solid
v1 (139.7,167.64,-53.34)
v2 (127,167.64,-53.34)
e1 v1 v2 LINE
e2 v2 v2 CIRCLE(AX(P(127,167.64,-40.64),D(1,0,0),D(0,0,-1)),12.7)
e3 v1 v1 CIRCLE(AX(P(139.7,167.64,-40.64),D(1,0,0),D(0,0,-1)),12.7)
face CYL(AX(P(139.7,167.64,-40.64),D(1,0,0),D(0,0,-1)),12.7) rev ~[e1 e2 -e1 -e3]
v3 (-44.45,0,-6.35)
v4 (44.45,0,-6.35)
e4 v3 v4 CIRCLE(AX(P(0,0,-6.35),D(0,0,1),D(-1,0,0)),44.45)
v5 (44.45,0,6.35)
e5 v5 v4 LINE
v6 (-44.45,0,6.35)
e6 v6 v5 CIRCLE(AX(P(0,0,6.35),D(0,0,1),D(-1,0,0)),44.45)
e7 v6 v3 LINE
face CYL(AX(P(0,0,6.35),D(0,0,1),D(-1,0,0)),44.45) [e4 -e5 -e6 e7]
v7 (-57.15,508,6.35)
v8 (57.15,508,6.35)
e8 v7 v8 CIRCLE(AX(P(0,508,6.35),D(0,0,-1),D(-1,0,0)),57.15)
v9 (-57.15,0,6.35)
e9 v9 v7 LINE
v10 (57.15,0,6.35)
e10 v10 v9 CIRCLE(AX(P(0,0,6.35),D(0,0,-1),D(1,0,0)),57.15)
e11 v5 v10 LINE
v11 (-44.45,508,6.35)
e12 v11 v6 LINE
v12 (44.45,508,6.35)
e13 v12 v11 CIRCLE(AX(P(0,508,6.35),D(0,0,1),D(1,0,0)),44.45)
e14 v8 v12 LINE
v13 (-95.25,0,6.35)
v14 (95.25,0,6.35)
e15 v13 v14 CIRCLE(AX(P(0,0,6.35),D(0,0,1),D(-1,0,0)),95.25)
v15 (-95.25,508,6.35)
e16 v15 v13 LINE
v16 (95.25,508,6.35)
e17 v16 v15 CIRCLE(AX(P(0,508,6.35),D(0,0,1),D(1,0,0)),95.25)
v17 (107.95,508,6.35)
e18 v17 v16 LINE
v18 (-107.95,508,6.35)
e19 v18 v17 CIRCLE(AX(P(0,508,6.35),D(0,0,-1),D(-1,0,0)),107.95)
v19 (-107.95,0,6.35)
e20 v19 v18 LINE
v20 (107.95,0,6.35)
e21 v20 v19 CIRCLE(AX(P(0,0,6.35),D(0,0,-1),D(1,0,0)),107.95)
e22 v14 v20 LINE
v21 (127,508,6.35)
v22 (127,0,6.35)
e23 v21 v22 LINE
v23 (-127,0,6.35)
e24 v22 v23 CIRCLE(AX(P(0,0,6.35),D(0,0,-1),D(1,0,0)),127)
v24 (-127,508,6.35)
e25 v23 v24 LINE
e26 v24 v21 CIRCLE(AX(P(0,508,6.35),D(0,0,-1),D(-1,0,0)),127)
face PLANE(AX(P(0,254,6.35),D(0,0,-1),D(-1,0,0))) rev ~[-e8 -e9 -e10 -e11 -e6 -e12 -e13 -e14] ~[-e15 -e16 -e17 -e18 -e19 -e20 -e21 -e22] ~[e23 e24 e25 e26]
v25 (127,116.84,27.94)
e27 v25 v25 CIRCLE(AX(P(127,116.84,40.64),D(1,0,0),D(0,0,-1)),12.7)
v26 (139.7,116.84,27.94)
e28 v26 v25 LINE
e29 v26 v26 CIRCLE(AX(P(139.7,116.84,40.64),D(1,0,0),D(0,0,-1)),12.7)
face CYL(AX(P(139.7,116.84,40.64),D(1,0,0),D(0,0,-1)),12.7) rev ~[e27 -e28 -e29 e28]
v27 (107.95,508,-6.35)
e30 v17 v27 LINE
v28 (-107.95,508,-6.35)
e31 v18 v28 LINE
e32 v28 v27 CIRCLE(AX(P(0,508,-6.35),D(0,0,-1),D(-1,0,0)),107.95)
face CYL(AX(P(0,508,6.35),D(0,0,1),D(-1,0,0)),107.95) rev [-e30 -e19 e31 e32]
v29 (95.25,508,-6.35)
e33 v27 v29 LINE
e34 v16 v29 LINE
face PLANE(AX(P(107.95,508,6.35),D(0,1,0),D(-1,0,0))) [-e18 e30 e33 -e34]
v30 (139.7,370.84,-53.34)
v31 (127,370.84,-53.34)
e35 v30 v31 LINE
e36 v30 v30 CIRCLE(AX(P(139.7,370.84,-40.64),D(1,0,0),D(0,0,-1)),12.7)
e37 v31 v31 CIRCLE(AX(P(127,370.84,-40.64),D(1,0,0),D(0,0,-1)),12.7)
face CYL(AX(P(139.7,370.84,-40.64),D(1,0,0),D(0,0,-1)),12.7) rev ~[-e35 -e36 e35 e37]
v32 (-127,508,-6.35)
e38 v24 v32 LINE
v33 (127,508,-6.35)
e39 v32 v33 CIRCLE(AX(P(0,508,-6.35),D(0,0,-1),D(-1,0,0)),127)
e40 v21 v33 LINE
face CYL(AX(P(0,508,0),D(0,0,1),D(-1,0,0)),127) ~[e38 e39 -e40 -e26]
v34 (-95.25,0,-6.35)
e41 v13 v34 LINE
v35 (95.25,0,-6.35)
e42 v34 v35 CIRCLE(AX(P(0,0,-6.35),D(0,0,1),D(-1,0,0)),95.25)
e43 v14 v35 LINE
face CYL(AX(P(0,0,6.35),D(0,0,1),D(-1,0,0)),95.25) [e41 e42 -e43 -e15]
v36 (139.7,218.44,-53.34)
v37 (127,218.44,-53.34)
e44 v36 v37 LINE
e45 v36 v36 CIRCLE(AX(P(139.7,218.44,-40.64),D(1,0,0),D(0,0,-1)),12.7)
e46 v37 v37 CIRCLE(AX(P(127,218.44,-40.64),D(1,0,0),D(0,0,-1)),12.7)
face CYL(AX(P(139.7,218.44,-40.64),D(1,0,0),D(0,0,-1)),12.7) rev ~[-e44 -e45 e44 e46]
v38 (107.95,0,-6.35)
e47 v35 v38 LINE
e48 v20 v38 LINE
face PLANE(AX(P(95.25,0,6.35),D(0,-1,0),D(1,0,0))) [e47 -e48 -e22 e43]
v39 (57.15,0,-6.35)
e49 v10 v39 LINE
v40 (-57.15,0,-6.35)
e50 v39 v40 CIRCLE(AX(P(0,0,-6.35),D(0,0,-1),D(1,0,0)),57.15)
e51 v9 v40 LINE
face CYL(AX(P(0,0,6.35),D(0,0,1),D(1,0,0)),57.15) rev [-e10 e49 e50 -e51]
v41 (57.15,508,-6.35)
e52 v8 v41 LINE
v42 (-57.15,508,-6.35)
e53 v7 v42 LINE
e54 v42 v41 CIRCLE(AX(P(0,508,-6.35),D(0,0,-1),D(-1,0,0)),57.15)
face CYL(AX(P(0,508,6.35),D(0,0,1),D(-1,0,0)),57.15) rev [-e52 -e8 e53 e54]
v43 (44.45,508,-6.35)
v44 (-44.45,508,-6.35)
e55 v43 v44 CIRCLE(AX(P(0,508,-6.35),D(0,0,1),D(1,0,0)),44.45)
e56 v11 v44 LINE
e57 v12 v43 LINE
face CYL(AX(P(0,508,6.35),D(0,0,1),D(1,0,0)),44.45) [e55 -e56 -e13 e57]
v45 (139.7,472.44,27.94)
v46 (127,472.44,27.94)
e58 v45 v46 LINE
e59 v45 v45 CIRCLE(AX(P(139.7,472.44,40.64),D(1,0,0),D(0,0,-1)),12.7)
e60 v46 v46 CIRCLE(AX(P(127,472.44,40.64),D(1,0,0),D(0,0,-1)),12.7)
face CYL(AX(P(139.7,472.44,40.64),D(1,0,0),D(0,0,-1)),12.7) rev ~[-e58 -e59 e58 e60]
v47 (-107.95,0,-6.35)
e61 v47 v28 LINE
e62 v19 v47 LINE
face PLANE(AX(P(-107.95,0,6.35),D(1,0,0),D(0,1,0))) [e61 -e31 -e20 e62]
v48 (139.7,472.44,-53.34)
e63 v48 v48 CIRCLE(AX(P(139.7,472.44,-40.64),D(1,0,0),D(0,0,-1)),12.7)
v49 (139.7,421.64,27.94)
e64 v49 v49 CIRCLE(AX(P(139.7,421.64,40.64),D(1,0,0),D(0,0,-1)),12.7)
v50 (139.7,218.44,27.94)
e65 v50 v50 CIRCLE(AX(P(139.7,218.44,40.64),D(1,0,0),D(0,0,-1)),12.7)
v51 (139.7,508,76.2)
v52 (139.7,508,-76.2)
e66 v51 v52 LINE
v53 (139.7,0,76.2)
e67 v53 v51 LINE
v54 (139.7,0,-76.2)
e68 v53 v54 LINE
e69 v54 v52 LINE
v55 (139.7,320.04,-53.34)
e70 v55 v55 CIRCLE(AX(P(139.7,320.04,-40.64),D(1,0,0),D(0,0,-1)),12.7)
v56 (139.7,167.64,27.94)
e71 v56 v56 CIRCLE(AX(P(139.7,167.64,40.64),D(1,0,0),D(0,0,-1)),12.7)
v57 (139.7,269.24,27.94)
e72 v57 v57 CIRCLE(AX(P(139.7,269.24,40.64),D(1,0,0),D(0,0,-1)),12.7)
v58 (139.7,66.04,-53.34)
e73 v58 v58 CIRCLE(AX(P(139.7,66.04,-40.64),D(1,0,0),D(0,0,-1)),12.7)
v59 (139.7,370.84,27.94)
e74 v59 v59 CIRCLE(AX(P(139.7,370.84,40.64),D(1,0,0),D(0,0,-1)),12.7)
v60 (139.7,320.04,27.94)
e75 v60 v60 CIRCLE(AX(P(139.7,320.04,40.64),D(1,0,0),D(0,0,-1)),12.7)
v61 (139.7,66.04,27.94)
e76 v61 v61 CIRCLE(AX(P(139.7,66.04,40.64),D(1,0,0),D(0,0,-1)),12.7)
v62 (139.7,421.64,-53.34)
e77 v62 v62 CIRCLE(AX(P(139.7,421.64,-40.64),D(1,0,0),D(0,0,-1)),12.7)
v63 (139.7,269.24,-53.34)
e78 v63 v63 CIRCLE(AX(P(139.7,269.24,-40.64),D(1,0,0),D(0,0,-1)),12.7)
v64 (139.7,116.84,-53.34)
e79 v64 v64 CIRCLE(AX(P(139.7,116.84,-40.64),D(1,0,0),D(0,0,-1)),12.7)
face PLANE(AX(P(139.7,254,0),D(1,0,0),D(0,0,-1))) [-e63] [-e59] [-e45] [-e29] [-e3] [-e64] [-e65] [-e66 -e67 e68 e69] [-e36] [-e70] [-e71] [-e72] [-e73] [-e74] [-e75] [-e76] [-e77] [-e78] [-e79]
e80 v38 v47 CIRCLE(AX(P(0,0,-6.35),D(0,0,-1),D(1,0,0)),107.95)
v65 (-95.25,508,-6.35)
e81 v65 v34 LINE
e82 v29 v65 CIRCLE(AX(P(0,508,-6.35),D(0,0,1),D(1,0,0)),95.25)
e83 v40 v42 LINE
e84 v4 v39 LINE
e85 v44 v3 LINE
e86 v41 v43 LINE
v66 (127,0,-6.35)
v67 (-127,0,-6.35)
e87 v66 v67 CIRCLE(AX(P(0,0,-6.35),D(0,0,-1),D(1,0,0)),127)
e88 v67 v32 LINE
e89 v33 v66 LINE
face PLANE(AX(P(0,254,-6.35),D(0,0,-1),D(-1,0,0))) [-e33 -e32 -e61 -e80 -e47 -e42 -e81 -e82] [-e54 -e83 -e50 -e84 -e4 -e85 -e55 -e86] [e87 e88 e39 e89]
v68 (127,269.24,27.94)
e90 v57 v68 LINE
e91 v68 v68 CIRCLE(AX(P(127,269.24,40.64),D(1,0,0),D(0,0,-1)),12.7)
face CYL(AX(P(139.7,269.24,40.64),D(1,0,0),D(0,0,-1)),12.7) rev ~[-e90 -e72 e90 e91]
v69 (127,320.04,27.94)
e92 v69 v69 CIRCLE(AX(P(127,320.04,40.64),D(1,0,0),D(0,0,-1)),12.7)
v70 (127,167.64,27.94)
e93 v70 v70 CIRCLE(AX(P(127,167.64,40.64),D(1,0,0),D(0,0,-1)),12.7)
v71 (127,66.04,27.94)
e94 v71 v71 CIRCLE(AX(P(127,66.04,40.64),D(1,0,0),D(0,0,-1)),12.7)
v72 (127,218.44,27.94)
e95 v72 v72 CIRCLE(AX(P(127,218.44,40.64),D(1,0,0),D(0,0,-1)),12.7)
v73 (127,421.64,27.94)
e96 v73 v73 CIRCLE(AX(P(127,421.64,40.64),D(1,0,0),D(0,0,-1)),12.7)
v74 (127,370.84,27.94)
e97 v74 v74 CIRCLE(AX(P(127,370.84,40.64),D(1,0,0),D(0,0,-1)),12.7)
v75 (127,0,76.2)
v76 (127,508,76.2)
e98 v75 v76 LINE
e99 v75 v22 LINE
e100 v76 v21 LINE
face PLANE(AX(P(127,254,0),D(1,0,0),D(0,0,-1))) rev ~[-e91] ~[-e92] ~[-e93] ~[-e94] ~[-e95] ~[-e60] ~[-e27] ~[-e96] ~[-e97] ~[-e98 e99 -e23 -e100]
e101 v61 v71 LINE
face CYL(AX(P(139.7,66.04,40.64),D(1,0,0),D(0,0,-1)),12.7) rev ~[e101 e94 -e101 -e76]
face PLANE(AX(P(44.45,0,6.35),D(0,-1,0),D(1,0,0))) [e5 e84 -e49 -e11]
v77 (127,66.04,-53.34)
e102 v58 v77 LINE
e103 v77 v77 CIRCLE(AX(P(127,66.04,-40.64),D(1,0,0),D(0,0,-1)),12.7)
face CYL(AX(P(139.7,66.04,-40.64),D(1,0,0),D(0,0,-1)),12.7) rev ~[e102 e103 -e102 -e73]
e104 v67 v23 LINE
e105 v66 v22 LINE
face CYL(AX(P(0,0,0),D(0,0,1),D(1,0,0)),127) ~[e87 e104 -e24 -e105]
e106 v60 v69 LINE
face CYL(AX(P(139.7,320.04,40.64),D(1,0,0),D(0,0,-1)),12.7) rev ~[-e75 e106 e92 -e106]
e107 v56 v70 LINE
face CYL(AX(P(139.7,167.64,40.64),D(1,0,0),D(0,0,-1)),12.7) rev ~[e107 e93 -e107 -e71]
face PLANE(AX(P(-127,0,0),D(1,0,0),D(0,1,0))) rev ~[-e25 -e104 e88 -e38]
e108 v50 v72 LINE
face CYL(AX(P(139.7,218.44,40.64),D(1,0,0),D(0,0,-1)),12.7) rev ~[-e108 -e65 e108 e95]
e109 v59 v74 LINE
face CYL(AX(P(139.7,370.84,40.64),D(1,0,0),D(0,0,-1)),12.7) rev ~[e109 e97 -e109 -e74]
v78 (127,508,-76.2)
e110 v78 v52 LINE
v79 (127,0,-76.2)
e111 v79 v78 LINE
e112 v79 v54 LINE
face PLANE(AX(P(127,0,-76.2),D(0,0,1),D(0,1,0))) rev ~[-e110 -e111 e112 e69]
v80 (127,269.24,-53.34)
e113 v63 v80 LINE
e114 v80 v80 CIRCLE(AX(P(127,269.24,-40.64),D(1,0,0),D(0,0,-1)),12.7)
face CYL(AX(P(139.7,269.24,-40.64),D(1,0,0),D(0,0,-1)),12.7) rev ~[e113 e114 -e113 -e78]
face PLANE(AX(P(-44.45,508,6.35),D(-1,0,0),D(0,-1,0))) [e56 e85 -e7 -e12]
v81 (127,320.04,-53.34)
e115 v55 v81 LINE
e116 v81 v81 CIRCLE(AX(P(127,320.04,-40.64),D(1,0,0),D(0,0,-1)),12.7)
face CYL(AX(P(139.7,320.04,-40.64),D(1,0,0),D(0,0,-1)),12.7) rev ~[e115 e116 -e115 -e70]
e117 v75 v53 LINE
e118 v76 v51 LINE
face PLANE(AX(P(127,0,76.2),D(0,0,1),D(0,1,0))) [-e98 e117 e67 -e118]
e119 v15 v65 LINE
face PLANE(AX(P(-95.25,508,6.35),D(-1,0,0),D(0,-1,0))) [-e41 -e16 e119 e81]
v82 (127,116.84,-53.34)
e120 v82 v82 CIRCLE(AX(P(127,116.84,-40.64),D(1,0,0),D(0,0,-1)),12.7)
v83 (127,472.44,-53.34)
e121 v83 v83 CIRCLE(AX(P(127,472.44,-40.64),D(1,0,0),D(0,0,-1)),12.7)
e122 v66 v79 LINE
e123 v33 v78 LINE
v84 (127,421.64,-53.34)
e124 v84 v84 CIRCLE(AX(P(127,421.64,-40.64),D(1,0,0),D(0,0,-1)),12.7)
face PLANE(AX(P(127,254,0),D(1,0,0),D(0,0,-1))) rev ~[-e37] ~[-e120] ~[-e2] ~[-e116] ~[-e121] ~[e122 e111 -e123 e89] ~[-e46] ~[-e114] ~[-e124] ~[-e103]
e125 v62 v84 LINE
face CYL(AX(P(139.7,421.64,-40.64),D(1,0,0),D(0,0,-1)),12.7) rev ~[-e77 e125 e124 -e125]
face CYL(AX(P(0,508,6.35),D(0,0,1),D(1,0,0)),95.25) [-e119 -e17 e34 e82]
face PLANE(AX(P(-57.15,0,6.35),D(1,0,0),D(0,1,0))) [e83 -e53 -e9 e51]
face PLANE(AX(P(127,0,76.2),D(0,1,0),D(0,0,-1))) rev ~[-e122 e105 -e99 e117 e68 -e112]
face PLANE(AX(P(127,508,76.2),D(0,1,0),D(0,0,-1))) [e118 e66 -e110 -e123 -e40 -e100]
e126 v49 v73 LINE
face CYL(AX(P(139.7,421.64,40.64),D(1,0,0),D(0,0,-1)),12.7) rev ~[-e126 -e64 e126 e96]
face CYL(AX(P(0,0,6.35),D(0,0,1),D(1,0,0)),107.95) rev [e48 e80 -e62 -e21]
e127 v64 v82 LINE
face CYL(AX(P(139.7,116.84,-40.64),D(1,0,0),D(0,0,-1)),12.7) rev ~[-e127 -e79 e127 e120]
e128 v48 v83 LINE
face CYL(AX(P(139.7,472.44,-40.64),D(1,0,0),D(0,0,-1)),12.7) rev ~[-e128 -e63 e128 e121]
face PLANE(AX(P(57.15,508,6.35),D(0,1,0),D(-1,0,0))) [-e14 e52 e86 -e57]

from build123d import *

# Parameters (mm, degrees)
SIDE_PROFILE_EXTRUDE_DEPTH             = 6.35
MOUNTING_BRACKET_PROFILE_SKETCH_W      = 152.4
MOUNTING_BRACKET_PROFILE_SKETCH_H      = 508
MOUNTING_BRACKET_PROFILE_EXTRUDE_DEPTH = 12.7
MOUNTING_BRACKET_HOLES_SKETCH_R        = 12.7
MOUNTING_BRACKET_HOLES_CUT_DEPTH       = 12.7
OUTER_TRACK_CUT_DEPTH                  = 12.7
INNER_TRACK_CUT_DEPTH                  = 12.7


with BuildPart() as part:
    # Side Profile Sketch → Side Profile Extrude (new, symmetric)
    with BuildSketch(Plane.XY):
        with BuildLine():
            Line((-127, 0), (-127, 508))
            ThreePointArc((-127, 508), (0, 635), (127, 508))
            Line((127, 508), (127, 0))
            ThreePointArc((127, 0), (0, -127), (-127, 0))
        make_face()
    extrude(amount=SIDE_PROFILE_EXTRUDE_DEPTH, both=True)

    # Mounting Bracket Profile Sketch → Mounting Bracket Profile Extrude (add)
    with BuildSketch(Plane(origin=(127, 0, 0), x_dir=(0, 0, -1), z_dir=(1, 0, 0))):
        with Locations((0, 254)):
            Rectangle(MOUNTING_BRACKET_PROFILE_SKETCH_W, MOUNTING_BRACKET_PROFILE_SKETCH_H)
    extrude(amount=MOUNTING_BRACKET_PROFILE_EXTRUDE_DEPTH)

    # Mounting Bracket Holes Sketch → Mounting Bracket Holes Cut (cut)
    with BuildSketch(Plane(origin=(139.7, 0, 0), x_dir=(0, 0, -1), z_dir=(1, 0, 0))):
        with Locations((-40.64, 472.44)):
            Circle(MOUNTING_BRACKET_HOLES_SKETCH_R)
        with Locations((-40.64, 421.64)):
            Circle(MOUNTING_BRACKET_HOLES_SKETCH_R)
        with Locations((-40.64, 370.84)):
            Circle(MOUNTING_BRACKET_HOLES_SKETCH_R)
        with Locations((-40.64, 320.04)):
            Circle(MOUNTING_BRACKET_HOLES_SKETCH_R)
        with Locations((-40.64, 269.24)):
            Circle(MOUNTING_BRACKET_HOLES_SKETCH_R)
        with Locations((-40.64, 218.44)):
            Circle(MOUNTING_BRACKET_HOLES_SKETCH_R)
        with Locations((-40.64, 167.64)):
            Circle(MOUNTING_BRACKET_HOLES_SKETCH_R)
        with Locations((-40.64, 116.84)):
            Circle(MOUNTING_BRACKET_HOLES_SKETCH_R)
        with Locations((-40.64, 66.04)):
            Circle(MOUNTING_BRACKET_HOLES_SKETCH_R)
        with Locations((40.64, 66.04)):
            Circle(MOUNTING_BRACKET_HOLES_SKETCH_R)
        with Locations((40.64, 116.84)):
            Circle(MOUNTING_BRACKET_HOLES_SKETCH_R)
        with Locations((40.64, 167.64)):
            Circle(MOUNTING_BRACKET_HOLES_SKETCH_R)
        with Locations((40.64, 218.44)):
            Circle(MOUNTING_BRACKET_HOLES_SKETCH_R)
        with Locations((40.64, 269.24)):
            Circle(MOUNTING_BRACKET_HOLES_SKETCH_R)
        with Locations((40.64, 320.04)):
            Circle(MOUNTING_BRACKET_HOLES_SKETCH_R)
        with Locations((40.64, 370.84)):
            Circle(MOUNTING_BRACKET_HOLES_SKETCH_R)
        with Locations((40.64, 421.64)):
            Circle(MOUNTING_BRACKET_HOLES_SKETCH_R)
        with Locations((40.64, 472.44)):
            Circle(MOUNTING_BRACKET_HOLES_SKETCH_R)
    extrude(amount=-MOUNTING_BRACKET_HOLES_CUT_DEPTH, mode=Mode.SUBTRACT)

    # Outer Track Sketch → Outer Track Cut (cut)
    with BuildSketch(Plane.XY.offset(6.35)):
        with BuildLine():
            Line((-107.95, 0), (-107.95, 508))
            ThreePointArc((-107.95, 508), (0, 615.95), (107.95, 508))
            Line((107.95, 508), (95.25, 508))
            ThreePointArc((95.25, 508), (0, 603.25), (-95.25, 508))
            Line((-95.25, 508), (-95.25, 0))
            ThreePointArc((-95.25, 0), (0, -95.25), (95.25, 0))
            Line((95.25, 0), (107.95, 0))
            ThreePointArc((107.95, 0), (0, -107.95), (-107.95, 0))
        make_face()
    extrude(amount=-OUTER_TRACK_CUT_DEPTH, mode=Mode.SUBTRACT)

    # Inner Track Sketch → Inner Track Cut (cut)
    with BuildSketch(Plane.XY.offset(6.35)):
        with BuildLine():
            Line((-57.15, 0), (-57.15, 508))
            ThreePointArc((-57.15, 508), (0, 565.15), (57.15, 508))
            Line((57.15, 508), (44.45, 508))
            ThreePointArc((44.45, 508), (0, 552.45), (-44.45, 508))
            Line((-44.45, 508), (-44.45, 0))
            ThreePointArc((-44.45, 0), (0, -44.45), (44.45, 0))
            Line((44.45, 0), (57.15, 0))
            ThreePointArc((57.15, 0), (0, -57.15), (-57.15, 0))
        make_face()
    extrude(amount=-INNER_TRACK_CUT_DEPTH, mode=Mode.SUBTRACT)


solid = part.part
